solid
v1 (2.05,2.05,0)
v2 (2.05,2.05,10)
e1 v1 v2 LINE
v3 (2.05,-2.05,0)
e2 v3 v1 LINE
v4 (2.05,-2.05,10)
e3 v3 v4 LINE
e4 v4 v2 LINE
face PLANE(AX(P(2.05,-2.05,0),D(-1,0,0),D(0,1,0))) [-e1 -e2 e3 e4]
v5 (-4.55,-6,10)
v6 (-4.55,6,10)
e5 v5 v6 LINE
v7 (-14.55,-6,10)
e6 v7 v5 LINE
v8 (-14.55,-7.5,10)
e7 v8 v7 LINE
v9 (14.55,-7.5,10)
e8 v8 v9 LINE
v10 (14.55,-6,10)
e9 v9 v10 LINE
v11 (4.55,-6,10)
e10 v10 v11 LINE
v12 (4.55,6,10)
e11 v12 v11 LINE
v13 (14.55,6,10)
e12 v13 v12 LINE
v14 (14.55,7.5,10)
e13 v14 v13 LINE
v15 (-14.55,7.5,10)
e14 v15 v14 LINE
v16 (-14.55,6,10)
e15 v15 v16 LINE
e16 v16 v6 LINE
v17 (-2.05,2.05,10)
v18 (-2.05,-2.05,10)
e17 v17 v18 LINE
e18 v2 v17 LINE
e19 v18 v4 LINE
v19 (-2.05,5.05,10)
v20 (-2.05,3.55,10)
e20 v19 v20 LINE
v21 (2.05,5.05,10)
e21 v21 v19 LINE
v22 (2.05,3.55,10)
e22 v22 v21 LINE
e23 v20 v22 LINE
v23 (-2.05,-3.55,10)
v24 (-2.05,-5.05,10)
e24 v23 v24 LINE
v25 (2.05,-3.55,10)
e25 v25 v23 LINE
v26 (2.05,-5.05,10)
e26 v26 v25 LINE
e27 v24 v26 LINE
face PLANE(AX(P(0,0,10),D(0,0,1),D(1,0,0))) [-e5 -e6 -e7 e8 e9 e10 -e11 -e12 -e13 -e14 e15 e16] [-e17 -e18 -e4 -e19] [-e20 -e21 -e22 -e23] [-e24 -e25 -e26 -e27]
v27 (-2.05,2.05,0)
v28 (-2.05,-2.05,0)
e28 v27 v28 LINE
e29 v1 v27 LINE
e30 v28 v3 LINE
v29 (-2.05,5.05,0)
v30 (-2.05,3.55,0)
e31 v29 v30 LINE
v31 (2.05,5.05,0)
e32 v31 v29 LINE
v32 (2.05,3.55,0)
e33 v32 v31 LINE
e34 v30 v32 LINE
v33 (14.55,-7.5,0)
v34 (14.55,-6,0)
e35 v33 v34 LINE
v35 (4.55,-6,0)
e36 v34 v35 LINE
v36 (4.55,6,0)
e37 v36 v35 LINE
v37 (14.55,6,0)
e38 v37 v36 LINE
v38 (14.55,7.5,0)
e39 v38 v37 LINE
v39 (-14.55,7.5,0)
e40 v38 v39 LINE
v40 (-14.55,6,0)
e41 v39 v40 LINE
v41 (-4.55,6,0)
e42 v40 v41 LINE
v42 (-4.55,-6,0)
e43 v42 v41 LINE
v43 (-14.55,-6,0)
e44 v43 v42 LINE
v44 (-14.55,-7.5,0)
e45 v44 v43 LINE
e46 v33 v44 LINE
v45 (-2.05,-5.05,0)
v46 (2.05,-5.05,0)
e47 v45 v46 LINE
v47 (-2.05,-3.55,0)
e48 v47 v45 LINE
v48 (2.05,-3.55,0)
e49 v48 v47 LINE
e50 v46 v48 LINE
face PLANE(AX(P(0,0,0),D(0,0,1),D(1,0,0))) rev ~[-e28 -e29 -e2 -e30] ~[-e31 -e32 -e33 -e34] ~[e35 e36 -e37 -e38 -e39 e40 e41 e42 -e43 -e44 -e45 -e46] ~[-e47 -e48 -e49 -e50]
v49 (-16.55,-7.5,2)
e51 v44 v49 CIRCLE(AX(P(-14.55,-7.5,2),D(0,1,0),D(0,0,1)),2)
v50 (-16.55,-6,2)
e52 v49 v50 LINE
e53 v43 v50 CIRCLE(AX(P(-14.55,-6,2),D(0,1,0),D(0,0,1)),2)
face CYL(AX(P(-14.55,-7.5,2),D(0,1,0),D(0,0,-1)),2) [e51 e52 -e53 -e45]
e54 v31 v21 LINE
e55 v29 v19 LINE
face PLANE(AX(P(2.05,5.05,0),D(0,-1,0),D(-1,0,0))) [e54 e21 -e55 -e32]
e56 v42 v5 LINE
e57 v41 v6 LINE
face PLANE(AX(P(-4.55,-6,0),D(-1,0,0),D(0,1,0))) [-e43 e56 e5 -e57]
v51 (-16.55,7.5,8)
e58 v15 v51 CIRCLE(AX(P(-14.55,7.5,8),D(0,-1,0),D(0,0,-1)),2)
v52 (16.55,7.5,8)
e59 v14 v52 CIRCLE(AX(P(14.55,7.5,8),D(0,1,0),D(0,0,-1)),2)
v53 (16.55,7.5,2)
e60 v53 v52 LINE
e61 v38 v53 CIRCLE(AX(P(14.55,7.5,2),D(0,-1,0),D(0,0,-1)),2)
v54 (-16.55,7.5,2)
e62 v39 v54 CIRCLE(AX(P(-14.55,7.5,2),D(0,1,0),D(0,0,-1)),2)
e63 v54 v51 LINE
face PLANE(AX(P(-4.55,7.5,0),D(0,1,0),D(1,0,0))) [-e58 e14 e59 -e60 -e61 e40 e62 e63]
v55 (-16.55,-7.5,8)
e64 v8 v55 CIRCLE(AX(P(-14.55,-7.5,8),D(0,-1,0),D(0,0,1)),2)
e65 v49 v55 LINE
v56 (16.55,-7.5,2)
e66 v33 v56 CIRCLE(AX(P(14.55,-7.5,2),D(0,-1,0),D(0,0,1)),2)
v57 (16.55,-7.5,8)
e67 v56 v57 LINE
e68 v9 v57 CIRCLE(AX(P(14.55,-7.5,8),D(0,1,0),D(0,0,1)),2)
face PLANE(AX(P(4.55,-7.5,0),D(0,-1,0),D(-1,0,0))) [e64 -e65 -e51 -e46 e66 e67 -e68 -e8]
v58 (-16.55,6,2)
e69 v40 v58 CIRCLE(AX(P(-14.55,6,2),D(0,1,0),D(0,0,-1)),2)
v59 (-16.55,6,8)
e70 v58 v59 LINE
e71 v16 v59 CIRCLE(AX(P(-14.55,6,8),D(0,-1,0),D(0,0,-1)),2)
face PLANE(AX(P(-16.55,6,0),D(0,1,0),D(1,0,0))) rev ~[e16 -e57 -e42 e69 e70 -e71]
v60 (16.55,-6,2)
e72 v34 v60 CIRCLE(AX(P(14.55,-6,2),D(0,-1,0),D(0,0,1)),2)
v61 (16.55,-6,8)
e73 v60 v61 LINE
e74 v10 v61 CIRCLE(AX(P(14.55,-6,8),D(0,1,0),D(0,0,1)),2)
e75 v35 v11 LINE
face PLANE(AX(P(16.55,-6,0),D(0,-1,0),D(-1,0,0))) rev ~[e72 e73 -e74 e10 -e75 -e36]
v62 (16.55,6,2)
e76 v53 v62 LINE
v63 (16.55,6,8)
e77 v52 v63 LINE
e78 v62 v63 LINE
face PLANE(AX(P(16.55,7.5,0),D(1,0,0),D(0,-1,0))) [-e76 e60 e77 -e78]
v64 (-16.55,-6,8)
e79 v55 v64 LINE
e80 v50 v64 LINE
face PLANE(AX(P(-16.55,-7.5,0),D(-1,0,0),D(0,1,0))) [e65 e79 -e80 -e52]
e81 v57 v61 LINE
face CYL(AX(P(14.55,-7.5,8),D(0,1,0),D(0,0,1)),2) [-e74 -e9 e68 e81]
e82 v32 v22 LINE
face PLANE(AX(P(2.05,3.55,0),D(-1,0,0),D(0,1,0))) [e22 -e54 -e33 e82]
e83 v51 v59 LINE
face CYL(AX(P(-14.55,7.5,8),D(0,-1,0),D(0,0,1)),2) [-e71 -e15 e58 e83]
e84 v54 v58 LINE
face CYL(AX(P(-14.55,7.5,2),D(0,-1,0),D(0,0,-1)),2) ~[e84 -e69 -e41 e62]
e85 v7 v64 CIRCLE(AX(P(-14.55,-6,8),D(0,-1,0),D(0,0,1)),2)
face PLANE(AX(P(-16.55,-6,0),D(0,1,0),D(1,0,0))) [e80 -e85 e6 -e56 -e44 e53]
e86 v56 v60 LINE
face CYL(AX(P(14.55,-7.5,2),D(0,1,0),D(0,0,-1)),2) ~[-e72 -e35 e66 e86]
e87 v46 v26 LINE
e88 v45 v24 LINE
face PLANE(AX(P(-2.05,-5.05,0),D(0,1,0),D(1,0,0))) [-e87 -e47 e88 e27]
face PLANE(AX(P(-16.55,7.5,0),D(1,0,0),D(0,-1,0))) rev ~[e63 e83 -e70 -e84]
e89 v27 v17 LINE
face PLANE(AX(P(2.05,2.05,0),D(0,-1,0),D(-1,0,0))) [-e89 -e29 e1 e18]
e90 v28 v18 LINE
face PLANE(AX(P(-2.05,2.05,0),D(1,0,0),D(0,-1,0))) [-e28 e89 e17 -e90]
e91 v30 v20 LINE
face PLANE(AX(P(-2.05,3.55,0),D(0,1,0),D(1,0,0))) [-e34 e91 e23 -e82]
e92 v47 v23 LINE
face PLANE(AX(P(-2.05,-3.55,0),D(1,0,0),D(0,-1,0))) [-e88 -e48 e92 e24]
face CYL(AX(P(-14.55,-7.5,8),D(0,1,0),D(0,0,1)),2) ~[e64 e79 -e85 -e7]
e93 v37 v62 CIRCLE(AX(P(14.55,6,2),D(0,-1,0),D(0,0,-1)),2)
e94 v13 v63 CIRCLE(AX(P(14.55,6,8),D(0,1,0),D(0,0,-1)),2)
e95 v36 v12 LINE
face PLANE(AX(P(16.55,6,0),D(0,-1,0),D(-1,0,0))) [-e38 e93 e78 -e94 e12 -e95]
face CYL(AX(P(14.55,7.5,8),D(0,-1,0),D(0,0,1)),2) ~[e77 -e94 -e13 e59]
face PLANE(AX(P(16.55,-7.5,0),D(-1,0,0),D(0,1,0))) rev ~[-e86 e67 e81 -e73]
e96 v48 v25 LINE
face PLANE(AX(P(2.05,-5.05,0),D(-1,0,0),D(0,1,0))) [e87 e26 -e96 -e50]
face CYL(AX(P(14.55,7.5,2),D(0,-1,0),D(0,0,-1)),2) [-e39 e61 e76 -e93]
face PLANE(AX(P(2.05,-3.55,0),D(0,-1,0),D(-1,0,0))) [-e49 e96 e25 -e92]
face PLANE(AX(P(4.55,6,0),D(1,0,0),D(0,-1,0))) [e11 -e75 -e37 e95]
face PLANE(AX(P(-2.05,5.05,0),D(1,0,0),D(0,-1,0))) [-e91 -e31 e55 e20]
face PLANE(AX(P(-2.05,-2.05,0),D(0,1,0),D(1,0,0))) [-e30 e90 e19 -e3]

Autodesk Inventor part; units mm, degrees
ref_plane "YZ Plane" through (0, 0, 0) normal (1, 0, 0) x (0, 1, 0)
ref_plane "XZ Plane" through (0, 0, 0) normal (0, 1, 0) x (-1, 0, 0)
ref_plane "XY Plane" through (0, 0, 0) normal (0, 0, 1) x (1, 0, 0)
sketch "Sketch1" plane through (0, 0, 0) normal (0, 0, 1) x (1, 0, 0)
  line L0 (-4.55, 7.5) -> (4.55, 7.5)
  line L1 (4.55, 7.5) -> (4.55, -7.5)
  line L2 (4.55, -7.5) -> (-4.55, -7.5)
  line L3 (-4.55, -7.5) -> (-4.55, 7.5)
  line L4 (-4.55, 7.5) -> (4.55, -7.5) construction
  line L5 (4.55, 7.5) -> (-4.55, -7.5) construction
  line L6 (-2.05, -2.05) -> (2.05, -2.05)
  line L7 (2.05, -2.05) -> (2.05, 2.05)
  line L8 (2.05, 2.05) -> (-2.05, 2.05)
  line L9 (-2.05, 2.05) -> (-2.05, -2.05)
  line L10 (-2.05, -2.05) -> (2.05, 2.05) construction
  line L11 (2.05, -2.05) -> (-2.05, 2.05) construction
  line L12 (-4.55, 7.5) -> (-16.55, 7.5)
  line L13 (-16.55, 7.5) -> (-16.55, 6)
  line L14 (-16.55, 6) -> (-4.55, 6)
  line L15 (-4.55, 6) -> (-4.55, 7.5)
  line L16 (-4.55, -7.5) -> (-16.55, -7.5)
  line L17 (-16.55, -7.5) -> (-16.55, -6)
  line L18 (-16.55, -6) -> (-4.55, -6)
  line L19 (-4.55, -6) -> (-4.55, -7.5)
  line L20 (4.55, 7.5) -> (16.55, 7.5)
  line L21 (16.55, 7.5) -> (16.55, 6)
  line L22 (16.55, 6) -> (4.55, 6)
  line L23 (4.55, 6) -> (4.55, 7.5)
  line L24 (4.55, -7.5) -> (16.55, -7.5)
  line L25 (16.55, -7.5) -> (16.55, -6)
  line L26 (16.55, -6) -> (4.55, -6)
  line L27 (4.55, -6) -> (4.55, -7.5)
  point P0 (0, 0)
  point P1 (-4.55, 6)
  point P2 (-4.55, -6)
  point P3 (4.55, 6)
  dimension "d0" = 15
  dimension "d1" = 9.1
  dimension "d2" = 4.1
  dimension "d3" = 4.1
  dimension "d4" = 12
  dimension "d5" = 1.5
  dimension "d8" = 1.5
  dimension "d9" = 12
  dimension "d10" = 12
  dimension "d11" = 1.5
  dimension "d12" = 12
extrude "Extrusion1" add sketch "Sketch1" along normal blind 10
sketch "Sketch2" plane through (0, 0, 10) normal (0, 0, 1) x (1, 0, 0)
  point P0 (0, 0)
fillet "Fillet1" radius 2 8 edges at (-16.55, 6.75, 10) (-16.55, -6.75, 10) (16.55, -6.75, 10) (16.55, 6.75, 10) (16.55, 6.75, 0) (-16.55, 6.75, 0) (-16.55, -6.75, 0) (16.55, -6.75, 0)
sketch "Sketch3" plane through (0, 0, 0) normal (0, 0, -1) x (-1, 0, 0)
  line L0 (-2.05, 5.05) -> (2.05, 5.05)
  line L1 (2.05, 5.05) -> (2.05, 3.55)
  line L2 (2.05, 3.55) -> (-2.05, 3.55)
  line L3 (-2.05, 3.55) -> (-2.05, 5.05)
  line L4 (-2.05, -3.55) -> (2.05, -3.55)
  line L5 (2.05, -3.55) -> (2.05, -5.05)
  line L6 (2.05, -5.05) -> (-2.05, -5.05)
  line L7 (-2.05, -5.05) -> (-2.05, -3.55)
  line L8 (-2.05, 2.05) -> (-2.05, -2.05) projected
  line L9 (2.05, -2.05) -> (2.05, 2.05) projected
  line L10 (2.05, 2.05) -> (-2.05, 2.05) projected
  line L11 (-2.05, -2.05) -> (2.05, -2.05) projected
  point P0 (0, 0)
  dimension "d16" = 1.5
  dimension "d17" = 1.5
  dimension "d18" = 1.5
  dimension "d19" = 1.5
extrude "Extrusion2" cut sketch "Sketch3" against normal blind 10 contours L0 L1 L2 L3 | L4 L5 L6 L7
properties part number "fuselage_tail_interface_back"
